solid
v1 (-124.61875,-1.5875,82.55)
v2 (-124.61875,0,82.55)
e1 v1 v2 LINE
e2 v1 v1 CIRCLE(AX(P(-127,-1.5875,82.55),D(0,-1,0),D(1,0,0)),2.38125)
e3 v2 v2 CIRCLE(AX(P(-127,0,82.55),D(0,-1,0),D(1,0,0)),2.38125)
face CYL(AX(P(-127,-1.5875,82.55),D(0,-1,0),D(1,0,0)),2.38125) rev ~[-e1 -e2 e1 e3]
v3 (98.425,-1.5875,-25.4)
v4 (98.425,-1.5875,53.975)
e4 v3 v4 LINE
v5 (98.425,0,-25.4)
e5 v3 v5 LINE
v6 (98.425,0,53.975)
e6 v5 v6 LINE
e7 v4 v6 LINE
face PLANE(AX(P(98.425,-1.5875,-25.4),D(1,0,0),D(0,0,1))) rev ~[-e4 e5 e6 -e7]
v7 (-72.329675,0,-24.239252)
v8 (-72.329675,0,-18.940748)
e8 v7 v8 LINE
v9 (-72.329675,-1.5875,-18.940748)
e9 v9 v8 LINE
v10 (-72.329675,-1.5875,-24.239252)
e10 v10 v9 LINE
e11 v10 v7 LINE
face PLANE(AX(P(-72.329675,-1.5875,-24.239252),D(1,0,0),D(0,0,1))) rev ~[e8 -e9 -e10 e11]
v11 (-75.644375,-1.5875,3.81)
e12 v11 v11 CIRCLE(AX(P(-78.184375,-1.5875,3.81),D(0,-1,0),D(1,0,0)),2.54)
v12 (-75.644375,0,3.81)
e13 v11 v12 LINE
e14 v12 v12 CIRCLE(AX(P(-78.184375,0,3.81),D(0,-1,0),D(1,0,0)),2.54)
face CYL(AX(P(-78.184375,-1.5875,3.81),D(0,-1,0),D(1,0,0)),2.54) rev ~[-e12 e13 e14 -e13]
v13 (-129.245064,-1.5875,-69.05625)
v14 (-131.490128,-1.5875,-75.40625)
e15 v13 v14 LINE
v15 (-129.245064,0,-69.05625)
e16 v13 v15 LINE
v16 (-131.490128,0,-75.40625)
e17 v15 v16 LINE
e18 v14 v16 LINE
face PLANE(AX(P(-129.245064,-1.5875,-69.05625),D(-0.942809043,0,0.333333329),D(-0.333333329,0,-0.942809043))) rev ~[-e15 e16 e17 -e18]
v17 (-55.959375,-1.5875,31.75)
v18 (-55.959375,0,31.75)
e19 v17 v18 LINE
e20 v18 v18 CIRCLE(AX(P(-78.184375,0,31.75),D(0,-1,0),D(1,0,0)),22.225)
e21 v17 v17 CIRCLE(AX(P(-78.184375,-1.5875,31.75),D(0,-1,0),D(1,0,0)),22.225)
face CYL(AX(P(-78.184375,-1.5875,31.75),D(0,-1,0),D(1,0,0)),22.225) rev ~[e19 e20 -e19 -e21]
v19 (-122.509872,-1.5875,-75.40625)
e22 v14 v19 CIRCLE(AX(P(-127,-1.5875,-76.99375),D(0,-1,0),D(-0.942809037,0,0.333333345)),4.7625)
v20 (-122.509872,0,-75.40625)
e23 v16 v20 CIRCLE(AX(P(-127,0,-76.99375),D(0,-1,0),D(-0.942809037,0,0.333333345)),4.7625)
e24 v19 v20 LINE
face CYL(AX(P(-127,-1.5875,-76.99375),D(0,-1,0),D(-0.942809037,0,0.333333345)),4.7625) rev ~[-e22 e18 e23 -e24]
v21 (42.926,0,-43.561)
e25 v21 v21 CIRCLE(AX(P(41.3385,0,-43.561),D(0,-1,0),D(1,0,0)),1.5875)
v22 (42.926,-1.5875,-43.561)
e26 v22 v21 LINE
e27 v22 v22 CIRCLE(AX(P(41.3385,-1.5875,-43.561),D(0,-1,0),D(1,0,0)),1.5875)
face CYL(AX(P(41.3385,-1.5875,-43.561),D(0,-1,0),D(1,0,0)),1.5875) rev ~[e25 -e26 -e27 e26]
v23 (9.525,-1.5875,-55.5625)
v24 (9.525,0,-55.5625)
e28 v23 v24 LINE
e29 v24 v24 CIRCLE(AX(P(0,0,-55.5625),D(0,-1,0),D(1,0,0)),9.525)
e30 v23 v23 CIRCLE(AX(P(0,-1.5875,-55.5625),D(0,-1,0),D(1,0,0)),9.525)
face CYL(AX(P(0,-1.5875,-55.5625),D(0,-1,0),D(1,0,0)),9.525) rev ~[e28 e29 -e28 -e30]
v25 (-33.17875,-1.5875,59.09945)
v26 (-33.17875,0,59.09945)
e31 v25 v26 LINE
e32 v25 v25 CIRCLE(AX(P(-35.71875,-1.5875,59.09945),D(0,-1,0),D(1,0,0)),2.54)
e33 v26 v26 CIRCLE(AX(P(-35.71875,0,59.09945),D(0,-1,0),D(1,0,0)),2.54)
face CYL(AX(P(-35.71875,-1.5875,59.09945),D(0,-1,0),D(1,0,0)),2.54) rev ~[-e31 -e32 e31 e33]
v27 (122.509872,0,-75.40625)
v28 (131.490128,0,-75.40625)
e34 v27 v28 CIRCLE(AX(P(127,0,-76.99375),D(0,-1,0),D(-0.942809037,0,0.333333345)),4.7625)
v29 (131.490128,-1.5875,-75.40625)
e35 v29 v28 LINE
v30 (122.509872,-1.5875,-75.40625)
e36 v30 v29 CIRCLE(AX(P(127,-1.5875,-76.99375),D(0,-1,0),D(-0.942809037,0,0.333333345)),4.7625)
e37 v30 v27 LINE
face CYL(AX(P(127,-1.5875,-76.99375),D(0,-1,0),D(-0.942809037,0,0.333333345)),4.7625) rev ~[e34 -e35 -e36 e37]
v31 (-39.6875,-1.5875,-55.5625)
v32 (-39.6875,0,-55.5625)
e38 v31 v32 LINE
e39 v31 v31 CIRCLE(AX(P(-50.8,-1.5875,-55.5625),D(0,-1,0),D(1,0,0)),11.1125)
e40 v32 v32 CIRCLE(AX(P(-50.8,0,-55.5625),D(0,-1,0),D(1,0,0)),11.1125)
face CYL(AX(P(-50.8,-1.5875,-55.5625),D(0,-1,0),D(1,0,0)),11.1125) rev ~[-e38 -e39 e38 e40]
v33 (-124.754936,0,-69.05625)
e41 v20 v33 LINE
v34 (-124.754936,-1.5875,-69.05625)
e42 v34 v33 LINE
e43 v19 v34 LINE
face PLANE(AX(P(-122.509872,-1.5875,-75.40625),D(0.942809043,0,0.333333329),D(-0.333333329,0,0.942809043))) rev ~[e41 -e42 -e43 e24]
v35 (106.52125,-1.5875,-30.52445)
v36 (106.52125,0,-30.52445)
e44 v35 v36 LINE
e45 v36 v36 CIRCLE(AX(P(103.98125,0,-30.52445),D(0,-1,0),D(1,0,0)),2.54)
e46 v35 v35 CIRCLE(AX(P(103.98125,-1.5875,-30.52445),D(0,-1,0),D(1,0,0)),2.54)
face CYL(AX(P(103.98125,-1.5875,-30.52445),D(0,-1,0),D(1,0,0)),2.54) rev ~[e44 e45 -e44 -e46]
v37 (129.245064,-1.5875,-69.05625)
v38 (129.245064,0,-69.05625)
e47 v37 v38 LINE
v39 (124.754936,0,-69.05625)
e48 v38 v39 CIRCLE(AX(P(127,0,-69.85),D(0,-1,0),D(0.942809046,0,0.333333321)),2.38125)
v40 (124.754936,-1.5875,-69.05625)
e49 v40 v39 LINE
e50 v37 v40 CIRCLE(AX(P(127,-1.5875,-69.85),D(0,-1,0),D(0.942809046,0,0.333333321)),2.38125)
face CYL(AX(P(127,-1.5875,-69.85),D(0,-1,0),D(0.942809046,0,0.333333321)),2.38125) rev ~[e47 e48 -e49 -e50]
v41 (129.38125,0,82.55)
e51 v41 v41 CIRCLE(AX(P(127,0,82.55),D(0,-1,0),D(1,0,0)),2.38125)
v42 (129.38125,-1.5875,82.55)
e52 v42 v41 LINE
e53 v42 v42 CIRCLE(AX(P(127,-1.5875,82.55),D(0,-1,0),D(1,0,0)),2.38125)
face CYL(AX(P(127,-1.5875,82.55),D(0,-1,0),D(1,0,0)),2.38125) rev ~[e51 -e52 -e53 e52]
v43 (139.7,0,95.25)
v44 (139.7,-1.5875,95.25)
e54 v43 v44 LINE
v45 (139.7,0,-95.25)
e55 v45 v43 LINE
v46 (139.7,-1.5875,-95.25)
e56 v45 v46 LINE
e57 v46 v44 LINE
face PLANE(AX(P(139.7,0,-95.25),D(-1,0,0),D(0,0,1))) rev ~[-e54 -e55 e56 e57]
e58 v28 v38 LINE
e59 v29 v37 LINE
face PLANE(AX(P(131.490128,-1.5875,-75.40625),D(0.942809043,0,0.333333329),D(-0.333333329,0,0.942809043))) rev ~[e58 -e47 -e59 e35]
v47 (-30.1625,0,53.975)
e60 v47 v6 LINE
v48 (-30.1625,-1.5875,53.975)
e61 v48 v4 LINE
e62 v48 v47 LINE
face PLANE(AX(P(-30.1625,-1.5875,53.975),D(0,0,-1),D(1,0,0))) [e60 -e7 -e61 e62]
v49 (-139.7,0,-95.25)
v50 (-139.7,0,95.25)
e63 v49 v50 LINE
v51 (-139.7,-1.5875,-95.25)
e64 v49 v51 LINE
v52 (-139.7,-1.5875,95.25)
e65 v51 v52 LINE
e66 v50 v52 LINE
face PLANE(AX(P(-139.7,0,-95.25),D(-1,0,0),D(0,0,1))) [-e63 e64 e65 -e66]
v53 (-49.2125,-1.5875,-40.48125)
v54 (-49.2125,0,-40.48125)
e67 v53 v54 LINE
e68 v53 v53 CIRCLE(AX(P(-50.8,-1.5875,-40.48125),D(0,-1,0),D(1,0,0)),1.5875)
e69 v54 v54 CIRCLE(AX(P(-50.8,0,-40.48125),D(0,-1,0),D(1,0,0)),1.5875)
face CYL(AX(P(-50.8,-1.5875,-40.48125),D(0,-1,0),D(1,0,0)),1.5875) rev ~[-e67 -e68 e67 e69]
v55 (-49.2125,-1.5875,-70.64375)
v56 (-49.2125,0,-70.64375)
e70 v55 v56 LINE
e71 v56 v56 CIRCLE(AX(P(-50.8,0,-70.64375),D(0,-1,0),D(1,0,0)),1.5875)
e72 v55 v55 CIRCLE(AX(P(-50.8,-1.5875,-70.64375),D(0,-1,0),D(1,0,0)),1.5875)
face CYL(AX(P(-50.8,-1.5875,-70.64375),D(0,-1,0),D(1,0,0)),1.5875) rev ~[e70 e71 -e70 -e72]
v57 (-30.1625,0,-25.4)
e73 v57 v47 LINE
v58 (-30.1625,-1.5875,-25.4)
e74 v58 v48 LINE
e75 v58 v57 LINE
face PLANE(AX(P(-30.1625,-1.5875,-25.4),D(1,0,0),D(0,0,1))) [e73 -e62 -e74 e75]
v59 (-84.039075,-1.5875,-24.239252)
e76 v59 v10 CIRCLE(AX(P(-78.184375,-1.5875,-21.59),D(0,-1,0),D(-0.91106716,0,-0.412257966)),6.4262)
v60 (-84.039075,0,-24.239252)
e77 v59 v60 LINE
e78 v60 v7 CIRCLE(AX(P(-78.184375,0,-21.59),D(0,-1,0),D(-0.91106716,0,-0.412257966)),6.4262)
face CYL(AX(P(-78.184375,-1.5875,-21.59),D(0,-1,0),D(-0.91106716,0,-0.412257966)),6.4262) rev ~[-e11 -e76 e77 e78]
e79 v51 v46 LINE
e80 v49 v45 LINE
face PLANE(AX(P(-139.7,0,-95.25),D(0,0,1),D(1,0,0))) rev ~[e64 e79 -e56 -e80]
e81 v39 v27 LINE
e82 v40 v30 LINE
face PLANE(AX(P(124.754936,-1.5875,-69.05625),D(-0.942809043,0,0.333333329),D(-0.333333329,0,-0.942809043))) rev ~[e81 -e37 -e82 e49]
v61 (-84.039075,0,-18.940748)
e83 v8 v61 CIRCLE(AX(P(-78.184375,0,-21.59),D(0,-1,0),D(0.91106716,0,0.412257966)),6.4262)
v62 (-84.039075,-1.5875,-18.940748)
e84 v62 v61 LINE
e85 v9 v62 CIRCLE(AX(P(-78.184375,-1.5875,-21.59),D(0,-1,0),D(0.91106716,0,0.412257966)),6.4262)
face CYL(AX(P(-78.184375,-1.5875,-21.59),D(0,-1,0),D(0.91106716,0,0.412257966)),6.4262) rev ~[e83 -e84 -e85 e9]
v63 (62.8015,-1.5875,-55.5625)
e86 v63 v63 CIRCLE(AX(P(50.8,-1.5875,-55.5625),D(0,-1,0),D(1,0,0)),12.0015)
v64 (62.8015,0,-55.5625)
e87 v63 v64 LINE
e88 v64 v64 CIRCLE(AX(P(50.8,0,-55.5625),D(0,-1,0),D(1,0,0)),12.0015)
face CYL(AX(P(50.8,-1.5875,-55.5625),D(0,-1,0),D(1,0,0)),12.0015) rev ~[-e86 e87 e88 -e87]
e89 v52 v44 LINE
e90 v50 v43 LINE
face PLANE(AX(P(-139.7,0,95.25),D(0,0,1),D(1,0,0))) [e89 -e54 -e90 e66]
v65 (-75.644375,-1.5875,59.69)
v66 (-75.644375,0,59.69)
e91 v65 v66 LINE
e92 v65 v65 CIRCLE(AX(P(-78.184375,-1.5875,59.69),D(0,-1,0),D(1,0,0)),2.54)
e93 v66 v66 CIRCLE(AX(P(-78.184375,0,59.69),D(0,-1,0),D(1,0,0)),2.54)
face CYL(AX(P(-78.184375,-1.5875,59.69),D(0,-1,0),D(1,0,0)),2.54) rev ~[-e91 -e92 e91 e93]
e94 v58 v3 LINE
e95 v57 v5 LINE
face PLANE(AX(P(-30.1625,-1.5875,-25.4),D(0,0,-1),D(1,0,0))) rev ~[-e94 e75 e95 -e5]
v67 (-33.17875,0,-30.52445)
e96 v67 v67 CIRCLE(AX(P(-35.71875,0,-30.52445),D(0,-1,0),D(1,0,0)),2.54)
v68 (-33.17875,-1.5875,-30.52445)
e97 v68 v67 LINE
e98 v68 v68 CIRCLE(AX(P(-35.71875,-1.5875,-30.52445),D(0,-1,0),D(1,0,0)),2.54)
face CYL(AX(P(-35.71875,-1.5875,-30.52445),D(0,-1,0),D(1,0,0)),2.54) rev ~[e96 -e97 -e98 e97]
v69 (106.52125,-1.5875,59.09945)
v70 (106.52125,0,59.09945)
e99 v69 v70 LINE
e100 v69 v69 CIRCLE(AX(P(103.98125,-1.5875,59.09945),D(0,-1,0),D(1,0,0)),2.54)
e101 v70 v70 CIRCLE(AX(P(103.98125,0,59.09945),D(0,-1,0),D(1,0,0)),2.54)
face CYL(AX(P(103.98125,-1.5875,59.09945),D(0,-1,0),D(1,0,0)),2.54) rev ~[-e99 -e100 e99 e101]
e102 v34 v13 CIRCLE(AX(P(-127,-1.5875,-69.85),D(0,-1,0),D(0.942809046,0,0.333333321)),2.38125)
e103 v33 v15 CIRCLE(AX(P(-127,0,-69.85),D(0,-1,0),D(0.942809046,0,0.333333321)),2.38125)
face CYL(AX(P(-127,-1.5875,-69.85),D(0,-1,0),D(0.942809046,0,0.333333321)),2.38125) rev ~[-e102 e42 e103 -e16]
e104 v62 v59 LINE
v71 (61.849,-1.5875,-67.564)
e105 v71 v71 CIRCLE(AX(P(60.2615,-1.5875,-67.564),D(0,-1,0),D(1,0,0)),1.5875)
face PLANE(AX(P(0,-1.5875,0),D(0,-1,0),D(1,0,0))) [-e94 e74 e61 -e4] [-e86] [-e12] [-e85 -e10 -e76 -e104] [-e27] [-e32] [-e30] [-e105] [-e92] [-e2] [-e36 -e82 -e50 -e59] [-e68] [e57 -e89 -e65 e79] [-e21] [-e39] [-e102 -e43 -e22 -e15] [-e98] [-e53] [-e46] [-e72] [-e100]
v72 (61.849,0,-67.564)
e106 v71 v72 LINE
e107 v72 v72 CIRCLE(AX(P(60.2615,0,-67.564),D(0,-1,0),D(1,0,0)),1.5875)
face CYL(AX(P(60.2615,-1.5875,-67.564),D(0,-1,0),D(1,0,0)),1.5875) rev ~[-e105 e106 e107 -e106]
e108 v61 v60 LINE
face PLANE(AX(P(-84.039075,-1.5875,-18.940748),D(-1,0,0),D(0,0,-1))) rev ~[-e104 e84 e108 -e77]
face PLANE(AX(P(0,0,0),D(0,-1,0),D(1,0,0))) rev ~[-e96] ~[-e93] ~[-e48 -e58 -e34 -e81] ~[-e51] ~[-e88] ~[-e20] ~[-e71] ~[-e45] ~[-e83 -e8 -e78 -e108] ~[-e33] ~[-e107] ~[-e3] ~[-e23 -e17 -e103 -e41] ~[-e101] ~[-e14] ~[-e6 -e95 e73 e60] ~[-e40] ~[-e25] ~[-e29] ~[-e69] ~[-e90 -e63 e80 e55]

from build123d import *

# Parameters (mm, degrees)
F0_W     = 279.4
F0_H     = 190.5
F1_DEPTH = 1.5875
F2_W     = 128.5875
F2_H     = 79.375
F2_R     = 2.54
F3_DEPTH = 25.4
F4_R     = 22.225
F4_R_2   = 2.54
F5_DEPTH = 25.4
F6_R     = 12.0015
F6_R_2   = 1.5875
F6_R_3   = 9.525
F6_R_4   = 11.1125
F7_DEPTH = 25.4
F8_R     = 2.38125
F9_DEPTH = 25.4


with BuildPart() as f1:
    # F0 (on Front) → F1 (new body)
    with BuildSketch(Plane.XZ):
        Rectangle(F0_W, F0_H)
    extrude(amount=F1_DEPTH)

    # F2 (on face) → F3 (cut)
    with BuildSketch(Plane.XZ.offset(1.5875)):
        with Locations((34.13125, 14.2875)):
            Rectangle(F2_W, F2_H)
        with Locations((-35.71875, 59.09945)):
            Circle(F2_R)
        with Locations((103.98125, 59.09945)):
            Circle(F2_R)
        with Locations((103.98125, -30.52445)):
            Circle(F2_R)
        with Locations((-35.71875, -30.52445)):
            Circle(F2_R)
    extrude(amount=-F3_DEPTH, mode=Mode.SUBTRACT)

    # F4 (on face) → F5 (cut)
    with BuildSketch(Plane.XZ.offset(1.5875)):
        with Locations((-78.184375, 31.75)):
            Circle(F4_R)
        with Locations((-78.184375, 59.69)):
            Circle(F4_R_2)
        with Locations((-78.184375, 3.81)):
            Circle(F4_R_2)
    extrude(amount=-F5_DEPTH, mode=Mode.SUBTRACT)

    # F6 (on face) → F7 (cut)
    with BuildSketch(Plane.XZ.offset(1.5875)):
        with Locations((50.8, -55.5625)):
            Circle(F6_R)
        with Locations((41.3385, -43.561)):
            Circle(F6_R_2)
        with Locations((60.2615, -67.564)):
            Circle(F6_R_2)
        with Locations((0, -55.5625)):
            Circle(F6_R_3)
        with BuildLine():
            Line((-84.039075, -18.940748), (-84.039075, -24.239252))
            ThreePointArc((-84.039075, -24.239252), (-78.184375, -28.0162), (-72.329675, -24.239252))
            Line((-72.329675, -24.239252), (-72.329675, -18.940748))
            ThreePointArc((-72.329675, -18.940748), (-78.184375, -15.1638), (-84.039075, -18.940748))
        make_face()
        with Locations((-50.8, -55.5625)):
            Circle(F6_R_4)
        with Locations((-50.8, -40.48125)):
            Circle(F6_R_2)
        with Locations((-50.8, -70.64375)):
            Circle(F6_R_2)
    extrude(amount=-F7_DEPTH, mode=Mode.SUBTRACT)

    # F8 (on face) → F9 (cut)
    with BuildSketch(Plane.XZ.offset(1.5875)):
        with Locations((-127, 82.55)):
            Circle(F8_R)
        with Locations((127, 82.55)):
            Circle(F8_R)
        with BuildLine():
            Line((-122.509872, -75.40625), (-124.754936, -69.05625))
            ThreePointArc((-124.754936, -69.05625), (-127, -67.46875), (-129.245064, -69.05625))
            Line((-129.245064, -69.05625), (-131.490128, -75.40625))
            ThreePointArc((-131.490128, -75.40625), (-127, -81.75625), (-122.509872, -75.40625))
        make_face()
        with BuildLine():
            Line((131.490128, -75.40625), (129.245064, -69.05625))
            ThreePointArc((129.245064, -69.05625), (127, -67.46875), (124.754936, -69.05625))
            Line((124.754936, -69.05625), (122.509872, -75.40625))
            ThreePointArc((122.509872, -75.40625), (127, -81.75625), (131.490128, -75.40625))
        make_face()
    extrude(amount=-F9_DEPTH, mode=Mode.SUBTRACT)


solid = f1.part
